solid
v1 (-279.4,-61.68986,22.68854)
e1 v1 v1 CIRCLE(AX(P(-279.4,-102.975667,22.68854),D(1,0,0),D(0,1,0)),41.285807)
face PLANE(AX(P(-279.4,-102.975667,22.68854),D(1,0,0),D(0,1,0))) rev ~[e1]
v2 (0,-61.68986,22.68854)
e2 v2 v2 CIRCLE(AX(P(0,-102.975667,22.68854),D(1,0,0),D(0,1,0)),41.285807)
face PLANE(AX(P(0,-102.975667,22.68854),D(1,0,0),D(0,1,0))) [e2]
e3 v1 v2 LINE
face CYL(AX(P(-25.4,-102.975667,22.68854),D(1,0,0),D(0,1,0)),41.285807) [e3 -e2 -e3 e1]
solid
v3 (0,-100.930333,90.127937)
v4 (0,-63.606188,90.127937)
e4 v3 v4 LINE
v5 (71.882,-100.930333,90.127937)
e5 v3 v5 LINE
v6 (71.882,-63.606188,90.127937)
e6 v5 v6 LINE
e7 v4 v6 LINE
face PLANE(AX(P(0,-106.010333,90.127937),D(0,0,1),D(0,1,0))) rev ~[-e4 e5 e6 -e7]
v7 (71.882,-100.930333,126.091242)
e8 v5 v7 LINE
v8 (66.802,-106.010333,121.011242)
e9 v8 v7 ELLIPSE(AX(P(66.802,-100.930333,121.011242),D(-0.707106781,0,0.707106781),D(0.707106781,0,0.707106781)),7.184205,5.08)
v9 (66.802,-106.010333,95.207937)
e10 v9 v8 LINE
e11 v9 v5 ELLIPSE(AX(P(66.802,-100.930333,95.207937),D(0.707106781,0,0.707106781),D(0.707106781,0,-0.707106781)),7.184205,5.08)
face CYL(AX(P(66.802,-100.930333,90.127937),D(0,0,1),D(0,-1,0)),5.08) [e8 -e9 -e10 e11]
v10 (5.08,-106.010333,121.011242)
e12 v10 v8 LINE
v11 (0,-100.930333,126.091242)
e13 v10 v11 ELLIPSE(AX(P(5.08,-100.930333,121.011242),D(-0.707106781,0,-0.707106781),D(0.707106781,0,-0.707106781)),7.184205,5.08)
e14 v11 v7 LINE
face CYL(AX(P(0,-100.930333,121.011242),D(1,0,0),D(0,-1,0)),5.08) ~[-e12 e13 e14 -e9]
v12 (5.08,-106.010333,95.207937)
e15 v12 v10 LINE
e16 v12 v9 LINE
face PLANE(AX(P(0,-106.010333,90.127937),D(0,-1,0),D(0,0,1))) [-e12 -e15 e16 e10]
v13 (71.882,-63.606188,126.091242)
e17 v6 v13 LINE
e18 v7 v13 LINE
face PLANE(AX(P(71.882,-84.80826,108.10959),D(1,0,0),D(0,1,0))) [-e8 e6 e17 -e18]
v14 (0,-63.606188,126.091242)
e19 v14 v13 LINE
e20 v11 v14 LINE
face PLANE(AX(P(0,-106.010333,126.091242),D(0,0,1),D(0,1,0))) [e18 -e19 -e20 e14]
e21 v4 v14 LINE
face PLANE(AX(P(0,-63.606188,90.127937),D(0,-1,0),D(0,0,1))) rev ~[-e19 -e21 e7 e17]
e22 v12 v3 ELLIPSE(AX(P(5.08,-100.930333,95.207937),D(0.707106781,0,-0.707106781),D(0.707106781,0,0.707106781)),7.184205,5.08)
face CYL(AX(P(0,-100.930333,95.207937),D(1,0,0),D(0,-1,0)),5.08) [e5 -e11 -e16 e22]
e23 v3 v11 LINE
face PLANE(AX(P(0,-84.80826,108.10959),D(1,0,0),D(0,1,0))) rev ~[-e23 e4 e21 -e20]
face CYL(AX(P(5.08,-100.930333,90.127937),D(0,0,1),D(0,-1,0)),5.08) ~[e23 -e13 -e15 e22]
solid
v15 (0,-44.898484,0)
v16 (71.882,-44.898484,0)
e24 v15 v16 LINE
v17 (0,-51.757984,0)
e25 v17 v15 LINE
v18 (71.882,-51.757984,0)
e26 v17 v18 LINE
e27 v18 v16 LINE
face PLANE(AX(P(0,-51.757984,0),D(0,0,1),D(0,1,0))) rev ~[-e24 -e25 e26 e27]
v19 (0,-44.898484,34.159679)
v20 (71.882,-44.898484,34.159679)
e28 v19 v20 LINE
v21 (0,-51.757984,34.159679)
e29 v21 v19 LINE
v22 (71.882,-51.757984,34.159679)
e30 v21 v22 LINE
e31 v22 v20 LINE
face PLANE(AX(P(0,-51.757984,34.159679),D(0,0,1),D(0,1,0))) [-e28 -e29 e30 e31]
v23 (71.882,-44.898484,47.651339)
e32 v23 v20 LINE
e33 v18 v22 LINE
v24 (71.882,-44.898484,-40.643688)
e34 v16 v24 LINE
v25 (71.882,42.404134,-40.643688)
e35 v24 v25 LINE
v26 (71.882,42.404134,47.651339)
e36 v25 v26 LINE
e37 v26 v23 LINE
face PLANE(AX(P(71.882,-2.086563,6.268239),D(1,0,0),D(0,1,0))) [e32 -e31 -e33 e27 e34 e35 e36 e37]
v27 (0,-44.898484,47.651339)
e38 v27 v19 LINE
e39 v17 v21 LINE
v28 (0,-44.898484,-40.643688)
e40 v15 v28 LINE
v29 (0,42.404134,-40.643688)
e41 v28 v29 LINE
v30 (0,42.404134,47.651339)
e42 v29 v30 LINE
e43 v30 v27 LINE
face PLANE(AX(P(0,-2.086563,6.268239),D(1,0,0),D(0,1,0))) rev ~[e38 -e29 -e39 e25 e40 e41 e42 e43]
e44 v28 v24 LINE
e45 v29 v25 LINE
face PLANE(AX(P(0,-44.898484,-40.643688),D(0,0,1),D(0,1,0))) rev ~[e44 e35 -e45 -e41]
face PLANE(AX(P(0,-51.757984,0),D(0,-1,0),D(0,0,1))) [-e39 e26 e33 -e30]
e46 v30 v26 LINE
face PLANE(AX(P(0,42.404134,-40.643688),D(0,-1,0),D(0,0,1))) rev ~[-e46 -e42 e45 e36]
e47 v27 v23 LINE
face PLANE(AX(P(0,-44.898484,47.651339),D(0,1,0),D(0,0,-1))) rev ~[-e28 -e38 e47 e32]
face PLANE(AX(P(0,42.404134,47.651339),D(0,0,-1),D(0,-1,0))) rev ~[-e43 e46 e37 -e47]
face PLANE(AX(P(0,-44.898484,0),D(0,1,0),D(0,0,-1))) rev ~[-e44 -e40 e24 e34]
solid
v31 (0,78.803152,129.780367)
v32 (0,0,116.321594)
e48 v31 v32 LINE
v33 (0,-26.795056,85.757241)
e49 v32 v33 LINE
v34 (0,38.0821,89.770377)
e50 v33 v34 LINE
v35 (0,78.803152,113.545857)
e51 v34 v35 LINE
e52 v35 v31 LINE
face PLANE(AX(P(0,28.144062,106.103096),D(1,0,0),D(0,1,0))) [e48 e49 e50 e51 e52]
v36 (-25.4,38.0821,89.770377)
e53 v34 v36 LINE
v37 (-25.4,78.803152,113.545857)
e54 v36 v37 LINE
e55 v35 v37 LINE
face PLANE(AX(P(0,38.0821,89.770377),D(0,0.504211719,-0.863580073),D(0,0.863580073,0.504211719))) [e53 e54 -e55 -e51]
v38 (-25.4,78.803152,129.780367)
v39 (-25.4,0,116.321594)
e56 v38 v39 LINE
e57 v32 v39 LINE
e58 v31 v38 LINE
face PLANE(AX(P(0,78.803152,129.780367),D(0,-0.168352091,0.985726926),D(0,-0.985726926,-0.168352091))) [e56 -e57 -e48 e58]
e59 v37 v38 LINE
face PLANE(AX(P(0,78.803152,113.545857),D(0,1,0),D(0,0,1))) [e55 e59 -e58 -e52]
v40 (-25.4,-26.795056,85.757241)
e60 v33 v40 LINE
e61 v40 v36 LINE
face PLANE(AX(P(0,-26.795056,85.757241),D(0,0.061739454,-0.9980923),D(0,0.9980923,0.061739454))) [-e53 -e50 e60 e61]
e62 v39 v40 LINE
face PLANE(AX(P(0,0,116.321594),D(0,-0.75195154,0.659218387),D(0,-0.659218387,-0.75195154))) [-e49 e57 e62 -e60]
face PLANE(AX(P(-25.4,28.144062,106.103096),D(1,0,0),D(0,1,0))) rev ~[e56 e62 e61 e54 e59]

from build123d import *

# Parameters (mm, degrees)
F0_W     = 44.8984839022
F0_H     = 34.1596789658
F0_W_2   = 6.8594999611
F1_DEPTH = 71.882
F0_W_3   = 42.4041450024
F0_H_2   = 35.9633043408
F2_R     = 5.08
F4_DEPTH = 25.4
F3_R     = 41.2858066076
F5_DEPTH = 254


with BuildPart() as f1:
    # F0 (on Right) → F1 (new body)
    with BuildSketch(Plane.YZ):
        Polygon((42.4041338265, 47.6513393223), (-44.8984839022, 47.6513393223), (-44.8984839022, 34.1596789658), (0, 34.1596789658), (0, 0), (-44.8984839022, 0), (-44.8984839022, -40.6436882913), (42.4041338265, -40.6436882913), align=None)
        with Locations((-22.4492419511, 17.0798394829)):
            Rectangle(F0_W, F0_H)
        with Locations((-48.3282338828, 17.0798394829)):
            Rectangle(F0_W_2, F0_H)
    extrude(amount=F1_DEPTH)


with BuildPart() as f1b:
    # F0 (on Right) → F1, piece 2 (new body)
    with BuildSketch(Plane.YZ):
        with Locations((-84.8082602024, 108.1095896661)):
            Rectangle(F0_W_3, F0_H_2)
    extrude(amount=F1_DEPTH)

    # F2
    f2_edges = [f1b.edges().sort_by_distance(p)[0] for p in [
        (35.941, -106.010333, 126.091242),
        (35.941, -106.010333, 90.127937),
        (0, -106.010333, 108.10959),
        (71.882, -106.010333, 108.10959),
    ]]
    fillet(f2_edges, radius=F2_R)


with BuildPart() as f4:
    # F3 (on Right) → F4 (new body)
    with BuildSketch(Plane.YZ):
        Polygon((38.082100451, 89.7703766823), (78.8031518459, 113.5458573699), (78.8031518459, 129.7803670168), (0, 116.321593523), (-26.7950557172, 85.757240653), align=None)
    extrude(amount=-F4_DEPTH)


with BuildPart() as f4b:
    # F3 (on Right) → F4, piece 2 (new body)
    with BuildSketch(Plane.YZ):
        with Locations((-102.975666523, 22.6885396987)):
            Circle(F3_R)
    extrude(amount=-F4_DEPTH)

    # F5 (add): a face of the model
    f5_faces = [f4b.faces().sort_by_distance(p)[0] for p in [
        (-25.4, -102.975666523, 22.6885396987),
    ]]
    extrude(f5_faces, amount=F5_DEPTH)


solid = Compound([f1.part, f1b.part, f4.part, f4b.part])
